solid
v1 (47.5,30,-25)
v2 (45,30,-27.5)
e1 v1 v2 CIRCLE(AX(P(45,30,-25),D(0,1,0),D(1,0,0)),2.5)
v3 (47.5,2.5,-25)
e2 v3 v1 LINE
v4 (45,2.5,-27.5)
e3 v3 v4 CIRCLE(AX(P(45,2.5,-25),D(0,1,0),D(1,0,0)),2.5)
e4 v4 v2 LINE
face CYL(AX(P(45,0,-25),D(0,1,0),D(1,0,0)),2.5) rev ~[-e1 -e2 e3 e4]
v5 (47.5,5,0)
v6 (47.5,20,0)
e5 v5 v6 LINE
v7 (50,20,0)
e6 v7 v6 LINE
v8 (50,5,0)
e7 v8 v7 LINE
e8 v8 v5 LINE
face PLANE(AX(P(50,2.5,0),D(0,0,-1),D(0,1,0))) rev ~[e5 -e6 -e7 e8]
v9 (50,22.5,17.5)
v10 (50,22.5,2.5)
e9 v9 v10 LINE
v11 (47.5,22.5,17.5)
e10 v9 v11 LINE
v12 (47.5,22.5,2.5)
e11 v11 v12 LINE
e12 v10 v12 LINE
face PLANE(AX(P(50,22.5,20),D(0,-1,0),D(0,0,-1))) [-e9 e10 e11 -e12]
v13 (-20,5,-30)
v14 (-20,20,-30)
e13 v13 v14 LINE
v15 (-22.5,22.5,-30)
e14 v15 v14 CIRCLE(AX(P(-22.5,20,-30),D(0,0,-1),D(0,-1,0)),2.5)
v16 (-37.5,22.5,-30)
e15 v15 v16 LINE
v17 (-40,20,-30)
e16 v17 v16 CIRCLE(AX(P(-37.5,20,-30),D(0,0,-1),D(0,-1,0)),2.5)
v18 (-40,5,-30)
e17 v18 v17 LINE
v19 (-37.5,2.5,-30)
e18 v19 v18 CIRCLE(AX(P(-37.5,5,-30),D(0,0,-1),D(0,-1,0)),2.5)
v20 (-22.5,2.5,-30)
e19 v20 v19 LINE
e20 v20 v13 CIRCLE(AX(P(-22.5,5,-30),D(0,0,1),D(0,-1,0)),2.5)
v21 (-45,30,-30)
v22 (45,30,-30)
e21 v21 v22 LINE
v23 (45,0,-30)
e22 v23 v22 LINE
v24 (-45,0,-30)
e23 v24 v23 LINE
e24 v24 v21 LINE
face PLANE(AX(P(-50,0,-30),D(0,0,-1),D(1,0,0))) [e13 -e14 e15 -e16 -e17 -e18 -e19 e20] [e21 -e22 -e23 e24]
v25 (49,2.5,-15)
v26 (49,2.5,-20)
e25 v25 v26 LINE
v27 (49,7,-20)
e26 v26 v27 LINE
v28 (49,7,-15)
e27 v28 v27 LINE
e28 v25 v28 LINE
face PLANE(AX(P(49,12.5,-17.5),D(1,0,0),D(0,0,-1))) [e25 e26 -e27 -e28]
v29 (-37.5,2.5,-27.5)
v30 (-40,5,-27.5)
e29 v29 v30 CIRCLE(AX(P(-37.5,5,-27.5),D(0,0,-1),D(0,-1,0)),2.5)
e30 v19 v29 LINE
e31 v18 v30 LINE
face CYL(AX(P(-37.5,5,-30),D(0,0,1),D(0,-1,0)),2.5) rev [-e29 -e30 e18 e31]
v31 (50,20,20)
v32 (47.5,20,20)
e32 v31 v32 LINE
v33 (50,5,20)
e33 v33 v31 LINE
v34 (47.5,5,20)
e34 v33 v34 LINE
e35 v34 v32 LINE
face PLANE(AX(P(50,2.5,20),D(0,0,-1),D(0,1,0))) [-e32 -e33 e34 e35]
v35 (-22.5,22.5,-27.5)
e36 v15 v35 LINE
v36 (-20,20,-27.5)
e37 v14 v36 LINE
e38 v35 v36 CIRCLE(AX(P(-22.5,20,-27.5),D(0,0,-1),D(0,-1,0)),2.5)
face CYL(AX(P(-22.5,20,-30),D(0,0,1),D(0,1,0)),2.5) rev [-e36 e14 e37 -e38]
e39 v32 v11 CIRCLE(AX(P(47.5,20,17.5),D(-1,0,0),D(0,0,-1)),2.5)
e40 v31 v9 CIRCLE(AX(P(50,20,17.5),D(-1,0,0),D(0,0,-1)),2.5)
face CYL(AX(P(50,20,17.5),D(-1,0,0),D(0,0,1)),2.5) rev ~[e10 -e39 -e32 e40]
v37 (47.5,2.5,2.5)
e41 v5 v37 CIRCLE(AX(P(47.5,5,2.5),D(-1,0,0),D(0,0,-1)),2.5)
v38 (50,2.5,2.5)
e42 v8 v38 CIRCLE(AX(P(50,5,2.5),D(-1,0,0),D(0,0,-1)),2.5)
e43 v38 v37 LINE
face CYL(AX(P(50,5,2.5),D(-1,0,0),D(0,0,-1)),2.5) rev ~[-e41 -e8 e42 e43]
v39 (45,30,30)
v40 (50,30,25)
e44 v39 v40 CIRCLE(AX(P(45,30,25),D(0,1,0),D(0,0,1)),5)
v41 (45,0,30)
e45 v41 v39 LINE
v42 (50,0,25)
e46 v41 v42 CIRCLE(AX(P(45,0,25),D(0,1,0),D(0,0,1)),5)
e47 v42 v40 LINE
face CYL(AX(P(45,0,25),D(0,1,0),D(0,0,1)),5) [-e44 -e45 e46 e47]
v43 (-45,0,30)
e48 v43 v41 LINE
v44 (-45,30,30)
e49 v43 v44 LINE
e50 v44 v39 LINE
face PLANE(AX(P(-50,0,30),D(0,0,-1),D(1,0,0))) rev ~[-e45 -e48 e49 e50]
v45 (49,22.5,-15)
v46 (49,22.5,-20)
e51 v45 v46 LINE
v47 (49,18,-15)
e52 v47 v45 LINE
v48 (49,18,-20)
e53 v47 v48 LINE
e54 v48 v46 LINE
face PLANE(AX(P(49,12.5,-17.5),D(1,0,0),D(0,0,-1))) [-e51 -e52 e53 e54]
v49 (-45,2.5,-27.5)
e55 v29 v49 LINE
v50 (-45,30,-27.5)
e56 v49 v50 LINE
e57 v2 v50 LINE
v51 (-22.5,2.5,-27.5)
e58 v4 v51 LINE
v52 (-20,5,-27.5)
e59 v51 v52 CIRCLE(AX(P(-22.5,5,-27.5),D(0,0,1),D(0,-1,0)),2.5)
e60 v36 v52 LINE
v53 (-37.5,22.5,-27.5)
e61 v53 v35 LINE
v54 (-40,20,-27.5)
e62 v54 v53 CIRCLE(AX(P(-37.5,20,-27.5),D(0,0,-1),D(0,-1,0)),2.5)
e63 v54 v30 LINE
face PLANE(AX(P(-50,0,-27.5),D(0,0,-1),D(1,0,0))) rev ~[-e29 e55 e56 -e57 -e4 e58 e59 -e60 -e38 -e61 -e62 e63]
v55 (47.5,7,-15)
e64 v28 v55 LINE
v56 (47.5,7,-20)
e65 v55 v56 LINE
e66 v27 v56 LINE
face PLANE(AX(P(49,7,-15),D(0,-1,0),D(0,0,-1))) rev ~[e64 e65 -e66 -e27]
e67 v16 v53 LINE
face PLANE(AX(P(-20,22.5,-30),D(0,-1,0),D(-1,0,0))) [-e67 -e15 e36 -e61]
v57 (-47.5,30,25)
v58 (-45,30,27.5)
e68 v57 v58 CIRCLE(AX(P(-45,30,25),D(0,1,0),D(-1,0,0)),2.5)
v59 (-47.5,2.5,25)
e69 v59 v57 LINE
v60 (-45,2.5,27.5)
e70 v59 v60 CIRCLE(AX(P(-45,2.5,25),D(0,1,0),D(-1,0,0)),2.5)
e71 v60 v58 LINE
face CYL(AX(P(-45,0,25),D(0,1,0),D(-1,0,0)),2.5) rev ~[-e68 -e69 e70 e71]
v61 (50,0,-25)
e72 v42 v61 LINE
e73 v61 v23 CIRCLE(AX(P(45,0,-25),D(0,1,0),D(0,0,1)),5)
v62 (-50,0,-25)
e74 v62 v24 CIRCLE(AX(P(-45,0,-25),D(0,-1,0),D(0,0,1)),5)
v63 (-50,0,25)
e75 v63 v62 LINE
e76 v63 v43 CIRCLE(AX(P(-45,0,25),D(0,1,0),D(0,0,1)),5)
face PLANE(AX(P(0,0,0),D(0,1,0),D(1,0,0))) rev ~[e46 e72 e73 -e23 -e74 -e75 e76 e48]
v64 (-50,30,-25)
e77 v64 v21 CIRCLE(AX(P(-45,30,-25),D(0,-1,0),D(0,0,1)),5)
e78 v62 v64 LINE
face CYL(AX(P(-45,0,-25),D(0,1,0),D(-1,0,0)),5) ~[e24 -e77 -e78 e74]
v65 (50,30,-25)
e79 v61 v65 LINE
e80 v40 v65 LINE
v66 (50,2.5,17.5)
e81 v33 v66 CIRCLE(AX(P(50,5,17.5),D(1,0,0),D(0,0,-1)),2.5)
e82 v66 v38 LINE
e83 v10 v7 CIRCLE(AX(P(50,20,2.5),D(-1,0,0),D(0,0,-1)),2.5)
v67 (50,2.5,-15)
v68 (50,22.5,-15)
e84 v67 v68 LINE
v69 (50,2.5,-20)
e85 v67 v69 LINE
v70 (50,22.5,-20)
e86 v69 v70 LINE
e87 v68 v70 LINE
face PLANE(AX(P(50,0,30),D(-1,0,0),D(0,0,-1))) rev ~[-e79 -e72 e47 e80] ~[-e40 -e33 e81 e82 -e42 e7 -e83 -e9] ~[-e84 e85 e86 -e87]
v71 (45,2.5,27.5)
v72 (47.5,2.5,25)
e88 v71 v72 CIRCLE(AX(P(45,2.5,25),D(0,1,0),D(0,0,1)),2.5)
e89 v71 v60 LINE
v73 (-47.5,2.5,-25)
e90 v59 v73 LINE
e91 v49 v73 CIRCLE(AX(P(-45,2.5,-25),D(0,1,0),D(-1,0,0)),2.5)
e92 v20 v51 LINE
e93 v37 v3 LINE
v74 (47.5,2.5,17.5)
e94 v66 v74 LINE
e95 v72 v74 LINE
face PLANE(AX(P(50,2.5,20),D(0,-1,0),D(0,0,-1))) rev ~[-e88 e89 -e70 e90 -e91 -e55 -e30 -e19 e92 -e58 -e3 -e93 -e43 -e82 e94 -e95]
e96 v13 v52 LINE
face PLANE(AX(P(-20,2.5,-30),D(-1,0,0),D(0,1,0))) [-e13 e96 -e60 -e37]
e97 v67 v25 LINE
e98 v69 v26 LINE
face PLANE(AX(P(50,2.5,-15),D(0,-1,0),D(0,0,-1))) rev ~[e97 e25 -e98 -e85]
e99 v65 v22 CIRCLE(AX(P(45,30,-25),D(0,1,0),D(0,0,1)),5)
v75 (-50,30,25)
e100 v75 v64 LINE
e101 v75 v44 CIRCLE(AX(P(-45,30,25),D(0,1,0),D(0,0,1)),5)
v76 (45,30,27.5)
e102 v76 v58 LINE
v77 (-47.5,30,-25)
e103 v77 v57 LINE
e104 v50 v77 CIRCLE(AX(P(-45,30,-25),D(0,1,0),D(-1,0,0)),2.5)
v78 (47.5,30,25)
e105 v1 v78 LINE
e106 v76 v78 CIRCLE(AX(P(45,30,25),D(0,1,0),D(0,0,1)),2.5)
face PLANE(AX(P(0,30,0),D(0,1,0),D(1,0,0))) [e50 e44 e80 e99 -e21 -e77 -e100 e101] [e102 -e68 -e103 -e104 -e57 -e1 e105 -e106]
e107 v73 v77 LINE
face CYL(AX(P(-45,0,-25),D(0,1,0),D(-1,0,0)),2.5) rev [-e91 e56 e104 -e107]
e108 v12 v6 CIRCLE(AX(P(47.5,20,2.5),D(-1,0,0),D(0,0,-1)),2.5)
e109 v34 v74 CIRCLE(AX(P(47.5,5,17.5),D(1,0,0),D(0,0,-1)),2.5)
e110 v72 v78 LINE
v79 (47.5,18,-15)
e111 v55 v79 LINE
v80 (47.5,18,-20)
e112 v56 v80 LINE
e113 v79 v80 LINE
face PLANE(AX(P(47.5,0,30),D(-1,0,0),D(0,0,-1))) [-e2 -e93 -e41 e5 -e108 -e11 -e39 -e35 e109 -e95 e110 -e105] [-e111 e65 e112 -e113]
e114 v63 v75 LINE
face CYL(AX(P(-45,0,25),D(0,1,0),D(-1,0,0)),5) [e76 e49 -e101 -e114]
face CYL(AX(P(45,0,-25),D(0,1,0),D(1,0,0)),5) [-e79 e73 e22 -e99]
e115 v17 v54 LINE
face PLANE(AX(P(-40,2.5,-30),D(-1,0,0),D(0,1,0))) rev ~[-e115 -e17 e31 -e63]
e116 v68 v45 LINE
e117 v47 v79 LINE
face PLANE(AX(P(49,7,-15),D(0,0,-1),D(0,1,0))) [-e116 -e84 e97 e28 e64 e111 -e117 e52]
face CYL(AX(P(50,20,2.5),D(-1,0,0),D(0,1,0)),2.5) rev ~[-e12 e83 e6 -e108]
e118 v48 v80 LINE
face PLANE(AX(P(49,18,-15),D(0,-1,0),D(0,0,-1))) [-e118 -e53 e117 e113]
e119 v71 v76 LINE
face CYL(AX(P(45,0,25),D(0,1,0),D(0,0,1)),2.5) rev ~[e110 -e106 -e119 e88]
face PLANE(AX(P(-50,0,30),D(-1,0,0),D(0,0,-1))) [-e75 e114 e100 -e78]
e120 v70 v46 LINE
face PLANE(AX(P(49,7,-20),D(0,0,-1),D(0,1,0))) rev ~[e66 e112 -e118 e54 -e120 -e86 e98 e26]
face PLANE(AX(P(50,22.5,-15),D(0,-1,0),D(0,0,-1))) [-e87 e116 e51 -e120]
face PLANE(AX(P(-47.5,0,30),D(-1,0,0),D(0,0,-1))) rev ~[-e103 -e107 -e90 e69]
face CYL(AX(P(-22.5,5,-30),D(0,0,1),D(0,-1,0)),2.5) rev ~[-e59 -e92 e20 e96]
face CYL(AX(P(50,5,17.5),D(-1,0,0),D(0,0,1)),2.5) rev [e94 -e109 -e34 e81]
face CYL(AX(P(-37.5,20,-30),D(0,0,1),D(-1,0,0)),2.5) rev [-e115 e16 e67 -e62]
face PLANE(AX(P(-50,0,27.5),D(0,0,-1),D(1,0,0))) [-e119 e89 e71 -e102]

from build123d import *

# Parameters (mm, degrees)
SKETCH1_W          = 100
SKETCH1_H          = 60
BASE_DEPTH         = 30
FILLET1_R          = 5
SHELL1_T           = -2.5
CUT_EXTRUDE1_REACH = 110.628
SKETCH2_W          = 20
SKETCH2_H          = 20
FILLET2_R          = 2.5
CUT_EXTRUDE2_REACH = 102.743
SKETCH4_W          = 20
SKETCH4_H          = 20
FILLET3_R          = 2.5
SKETCH5_W          = 5
SKETCH5_H          = 20
CUT_EXTRUDE3_DEPTH = 1
CUT_EXTRUDE5_REACH = 109.708
SKETCH8_W          = 5
SKETCH8_H          = 11


with BuildPart() as part:
    # Sketch1 → Base (new body)
    with BuildSketch(Plane(origin=(0, 0, 0), x_dir=(1, 0, 0), z_dir=(0, 1, 0))):
        Rectangle(SKETCH1_W, SKETCH1_H)
    extrude(amount=BASE_DEPTH)

    # Fillet1
    fillet1_edges = [part.edges().sort_by_distance(p)[0] for p in [
        (50, 15, 30),
        (-50, 15, 30),
        (-50, 15, -30),
        (50, 15, -30),
    ]]
    fillet(fillet1_edges, radius=FILLET1_R)

    # Shell1
    shell1_openings = [part.faces().sort_by_distance(p)[0] for p in [
        (0, 30, 0),
    ]]
    offset(amount=SHELL1_T, openings=shell1_openings, kind=Kind.INTERSECTION)

    # Sketch2 → Cut-Extrude1 (cut, up to next)
    with BuildSketch(Plane(origin=(50, 0, 0), x_dir=(0, 0, -1), z_dir=(1, 0, 0)), mode=Mode.PRIVATE) as cut_extrude1_sk1:
        with Locations((-10, 12.5)):
            Rectangle(SKETCH2_W, SKETCH2_H)
    cut_extrude1_tool1 = extrude(cut_extrude1_sk1.sketch, amount=-CUT_EXTRUDE1_REACH, mode=Mode.PRIVATE) & part.part
    add(cut_extrude1_tool1.solids().sort_by_distance((50, 12.5, 10))[0], mode=Mode.SUBTRACT)

    # Fillet2
    fillet2_edges = [part.edges().sort_by_distance(p)[0] for p in [
        (48.75, 2.5, 20),
        (48.75, 22.5, 20),
        (48.75, 22.5, 0),
        (48.75, 2.5, 0),
    ]]
    fillet(fillet2_edges, radius=FILLET2_R)

    # Sketch4 → Cut-Extrude2 (cut, up to next)
    with BuildSketch(Plane(origin=(-26.934652874, 4.896122142, -30), x_dir=(-1, 0, 0), z_dir=(0, 0, -1)), mode=Mode.PRIVATE) as cut_extrude2_sk1:
        with Locations((3.065347126, 7.603877858)):
            Rectangle(SKETCH4_W, SKETCH4_H)
    cut_extrude2_tool1 = extrude(cut_extrude2_sk1.sketch, amount=-CUT_EXTRUDE2_REACH, mode=Mode.PRIVATE) & part.part
    add(cut_extrude2_tool1.solids().sort_by_distance((-30, 12.5, -30))[0], mode=Mode.SUBTRACT)

    # Fillet3
    fillet3_edges = [part.edges().sort_by_distance(p)[0] for p in [
        (-20, 2.5, -28.75),
        (-20, 22.5, -28.75),
        (-40, 22.5, -28.75),
        (-40, 2.5, -28.75),
    ]]
    fillet(fillet3_edges, radius=FILLET3_R)

    # Sketch5 → Cut-Extrude3 (cut)
    with BuildSketch(Plane(origin=(50, 0, 0), x_dir=(0, 0, -1), z_dir=(1, 0, 0))):
        with Locations((17.5, 12.5)):
            Rectangle(SKETCH5_W, SKETCH5_H)
    extrude(amount=-CUT_EXTRUDE3_DEPTH, mode=Mode.SUBTRACT)

    # Sketch8 → Cut-Extrude5 (cut, up to next)
    with BuildSketch(Plane(origin=(49, 0, 0), x_dir=(0, 0, -1), z_dir=(1, 0, 0)), mode=Mode.PRIVATE) as cut_extrude5_sk1:
        with Locations((17.5, 12.5)):
            Rectangle(SKETCH8_W, SKETCH8_H)
    cut_extrude5_tool1 = extrude(cut_extrude5_sk1.sketch, amount=-CUT_EXTRUDE5_REACH, mode=Mode.PRIVATE) & part.part
    add(cut_extrude5_tool1.solids().sort_by_distance((49, 12.5, -17.5))[0], mode=Mode.SUBTRACT)


solid = part.part
